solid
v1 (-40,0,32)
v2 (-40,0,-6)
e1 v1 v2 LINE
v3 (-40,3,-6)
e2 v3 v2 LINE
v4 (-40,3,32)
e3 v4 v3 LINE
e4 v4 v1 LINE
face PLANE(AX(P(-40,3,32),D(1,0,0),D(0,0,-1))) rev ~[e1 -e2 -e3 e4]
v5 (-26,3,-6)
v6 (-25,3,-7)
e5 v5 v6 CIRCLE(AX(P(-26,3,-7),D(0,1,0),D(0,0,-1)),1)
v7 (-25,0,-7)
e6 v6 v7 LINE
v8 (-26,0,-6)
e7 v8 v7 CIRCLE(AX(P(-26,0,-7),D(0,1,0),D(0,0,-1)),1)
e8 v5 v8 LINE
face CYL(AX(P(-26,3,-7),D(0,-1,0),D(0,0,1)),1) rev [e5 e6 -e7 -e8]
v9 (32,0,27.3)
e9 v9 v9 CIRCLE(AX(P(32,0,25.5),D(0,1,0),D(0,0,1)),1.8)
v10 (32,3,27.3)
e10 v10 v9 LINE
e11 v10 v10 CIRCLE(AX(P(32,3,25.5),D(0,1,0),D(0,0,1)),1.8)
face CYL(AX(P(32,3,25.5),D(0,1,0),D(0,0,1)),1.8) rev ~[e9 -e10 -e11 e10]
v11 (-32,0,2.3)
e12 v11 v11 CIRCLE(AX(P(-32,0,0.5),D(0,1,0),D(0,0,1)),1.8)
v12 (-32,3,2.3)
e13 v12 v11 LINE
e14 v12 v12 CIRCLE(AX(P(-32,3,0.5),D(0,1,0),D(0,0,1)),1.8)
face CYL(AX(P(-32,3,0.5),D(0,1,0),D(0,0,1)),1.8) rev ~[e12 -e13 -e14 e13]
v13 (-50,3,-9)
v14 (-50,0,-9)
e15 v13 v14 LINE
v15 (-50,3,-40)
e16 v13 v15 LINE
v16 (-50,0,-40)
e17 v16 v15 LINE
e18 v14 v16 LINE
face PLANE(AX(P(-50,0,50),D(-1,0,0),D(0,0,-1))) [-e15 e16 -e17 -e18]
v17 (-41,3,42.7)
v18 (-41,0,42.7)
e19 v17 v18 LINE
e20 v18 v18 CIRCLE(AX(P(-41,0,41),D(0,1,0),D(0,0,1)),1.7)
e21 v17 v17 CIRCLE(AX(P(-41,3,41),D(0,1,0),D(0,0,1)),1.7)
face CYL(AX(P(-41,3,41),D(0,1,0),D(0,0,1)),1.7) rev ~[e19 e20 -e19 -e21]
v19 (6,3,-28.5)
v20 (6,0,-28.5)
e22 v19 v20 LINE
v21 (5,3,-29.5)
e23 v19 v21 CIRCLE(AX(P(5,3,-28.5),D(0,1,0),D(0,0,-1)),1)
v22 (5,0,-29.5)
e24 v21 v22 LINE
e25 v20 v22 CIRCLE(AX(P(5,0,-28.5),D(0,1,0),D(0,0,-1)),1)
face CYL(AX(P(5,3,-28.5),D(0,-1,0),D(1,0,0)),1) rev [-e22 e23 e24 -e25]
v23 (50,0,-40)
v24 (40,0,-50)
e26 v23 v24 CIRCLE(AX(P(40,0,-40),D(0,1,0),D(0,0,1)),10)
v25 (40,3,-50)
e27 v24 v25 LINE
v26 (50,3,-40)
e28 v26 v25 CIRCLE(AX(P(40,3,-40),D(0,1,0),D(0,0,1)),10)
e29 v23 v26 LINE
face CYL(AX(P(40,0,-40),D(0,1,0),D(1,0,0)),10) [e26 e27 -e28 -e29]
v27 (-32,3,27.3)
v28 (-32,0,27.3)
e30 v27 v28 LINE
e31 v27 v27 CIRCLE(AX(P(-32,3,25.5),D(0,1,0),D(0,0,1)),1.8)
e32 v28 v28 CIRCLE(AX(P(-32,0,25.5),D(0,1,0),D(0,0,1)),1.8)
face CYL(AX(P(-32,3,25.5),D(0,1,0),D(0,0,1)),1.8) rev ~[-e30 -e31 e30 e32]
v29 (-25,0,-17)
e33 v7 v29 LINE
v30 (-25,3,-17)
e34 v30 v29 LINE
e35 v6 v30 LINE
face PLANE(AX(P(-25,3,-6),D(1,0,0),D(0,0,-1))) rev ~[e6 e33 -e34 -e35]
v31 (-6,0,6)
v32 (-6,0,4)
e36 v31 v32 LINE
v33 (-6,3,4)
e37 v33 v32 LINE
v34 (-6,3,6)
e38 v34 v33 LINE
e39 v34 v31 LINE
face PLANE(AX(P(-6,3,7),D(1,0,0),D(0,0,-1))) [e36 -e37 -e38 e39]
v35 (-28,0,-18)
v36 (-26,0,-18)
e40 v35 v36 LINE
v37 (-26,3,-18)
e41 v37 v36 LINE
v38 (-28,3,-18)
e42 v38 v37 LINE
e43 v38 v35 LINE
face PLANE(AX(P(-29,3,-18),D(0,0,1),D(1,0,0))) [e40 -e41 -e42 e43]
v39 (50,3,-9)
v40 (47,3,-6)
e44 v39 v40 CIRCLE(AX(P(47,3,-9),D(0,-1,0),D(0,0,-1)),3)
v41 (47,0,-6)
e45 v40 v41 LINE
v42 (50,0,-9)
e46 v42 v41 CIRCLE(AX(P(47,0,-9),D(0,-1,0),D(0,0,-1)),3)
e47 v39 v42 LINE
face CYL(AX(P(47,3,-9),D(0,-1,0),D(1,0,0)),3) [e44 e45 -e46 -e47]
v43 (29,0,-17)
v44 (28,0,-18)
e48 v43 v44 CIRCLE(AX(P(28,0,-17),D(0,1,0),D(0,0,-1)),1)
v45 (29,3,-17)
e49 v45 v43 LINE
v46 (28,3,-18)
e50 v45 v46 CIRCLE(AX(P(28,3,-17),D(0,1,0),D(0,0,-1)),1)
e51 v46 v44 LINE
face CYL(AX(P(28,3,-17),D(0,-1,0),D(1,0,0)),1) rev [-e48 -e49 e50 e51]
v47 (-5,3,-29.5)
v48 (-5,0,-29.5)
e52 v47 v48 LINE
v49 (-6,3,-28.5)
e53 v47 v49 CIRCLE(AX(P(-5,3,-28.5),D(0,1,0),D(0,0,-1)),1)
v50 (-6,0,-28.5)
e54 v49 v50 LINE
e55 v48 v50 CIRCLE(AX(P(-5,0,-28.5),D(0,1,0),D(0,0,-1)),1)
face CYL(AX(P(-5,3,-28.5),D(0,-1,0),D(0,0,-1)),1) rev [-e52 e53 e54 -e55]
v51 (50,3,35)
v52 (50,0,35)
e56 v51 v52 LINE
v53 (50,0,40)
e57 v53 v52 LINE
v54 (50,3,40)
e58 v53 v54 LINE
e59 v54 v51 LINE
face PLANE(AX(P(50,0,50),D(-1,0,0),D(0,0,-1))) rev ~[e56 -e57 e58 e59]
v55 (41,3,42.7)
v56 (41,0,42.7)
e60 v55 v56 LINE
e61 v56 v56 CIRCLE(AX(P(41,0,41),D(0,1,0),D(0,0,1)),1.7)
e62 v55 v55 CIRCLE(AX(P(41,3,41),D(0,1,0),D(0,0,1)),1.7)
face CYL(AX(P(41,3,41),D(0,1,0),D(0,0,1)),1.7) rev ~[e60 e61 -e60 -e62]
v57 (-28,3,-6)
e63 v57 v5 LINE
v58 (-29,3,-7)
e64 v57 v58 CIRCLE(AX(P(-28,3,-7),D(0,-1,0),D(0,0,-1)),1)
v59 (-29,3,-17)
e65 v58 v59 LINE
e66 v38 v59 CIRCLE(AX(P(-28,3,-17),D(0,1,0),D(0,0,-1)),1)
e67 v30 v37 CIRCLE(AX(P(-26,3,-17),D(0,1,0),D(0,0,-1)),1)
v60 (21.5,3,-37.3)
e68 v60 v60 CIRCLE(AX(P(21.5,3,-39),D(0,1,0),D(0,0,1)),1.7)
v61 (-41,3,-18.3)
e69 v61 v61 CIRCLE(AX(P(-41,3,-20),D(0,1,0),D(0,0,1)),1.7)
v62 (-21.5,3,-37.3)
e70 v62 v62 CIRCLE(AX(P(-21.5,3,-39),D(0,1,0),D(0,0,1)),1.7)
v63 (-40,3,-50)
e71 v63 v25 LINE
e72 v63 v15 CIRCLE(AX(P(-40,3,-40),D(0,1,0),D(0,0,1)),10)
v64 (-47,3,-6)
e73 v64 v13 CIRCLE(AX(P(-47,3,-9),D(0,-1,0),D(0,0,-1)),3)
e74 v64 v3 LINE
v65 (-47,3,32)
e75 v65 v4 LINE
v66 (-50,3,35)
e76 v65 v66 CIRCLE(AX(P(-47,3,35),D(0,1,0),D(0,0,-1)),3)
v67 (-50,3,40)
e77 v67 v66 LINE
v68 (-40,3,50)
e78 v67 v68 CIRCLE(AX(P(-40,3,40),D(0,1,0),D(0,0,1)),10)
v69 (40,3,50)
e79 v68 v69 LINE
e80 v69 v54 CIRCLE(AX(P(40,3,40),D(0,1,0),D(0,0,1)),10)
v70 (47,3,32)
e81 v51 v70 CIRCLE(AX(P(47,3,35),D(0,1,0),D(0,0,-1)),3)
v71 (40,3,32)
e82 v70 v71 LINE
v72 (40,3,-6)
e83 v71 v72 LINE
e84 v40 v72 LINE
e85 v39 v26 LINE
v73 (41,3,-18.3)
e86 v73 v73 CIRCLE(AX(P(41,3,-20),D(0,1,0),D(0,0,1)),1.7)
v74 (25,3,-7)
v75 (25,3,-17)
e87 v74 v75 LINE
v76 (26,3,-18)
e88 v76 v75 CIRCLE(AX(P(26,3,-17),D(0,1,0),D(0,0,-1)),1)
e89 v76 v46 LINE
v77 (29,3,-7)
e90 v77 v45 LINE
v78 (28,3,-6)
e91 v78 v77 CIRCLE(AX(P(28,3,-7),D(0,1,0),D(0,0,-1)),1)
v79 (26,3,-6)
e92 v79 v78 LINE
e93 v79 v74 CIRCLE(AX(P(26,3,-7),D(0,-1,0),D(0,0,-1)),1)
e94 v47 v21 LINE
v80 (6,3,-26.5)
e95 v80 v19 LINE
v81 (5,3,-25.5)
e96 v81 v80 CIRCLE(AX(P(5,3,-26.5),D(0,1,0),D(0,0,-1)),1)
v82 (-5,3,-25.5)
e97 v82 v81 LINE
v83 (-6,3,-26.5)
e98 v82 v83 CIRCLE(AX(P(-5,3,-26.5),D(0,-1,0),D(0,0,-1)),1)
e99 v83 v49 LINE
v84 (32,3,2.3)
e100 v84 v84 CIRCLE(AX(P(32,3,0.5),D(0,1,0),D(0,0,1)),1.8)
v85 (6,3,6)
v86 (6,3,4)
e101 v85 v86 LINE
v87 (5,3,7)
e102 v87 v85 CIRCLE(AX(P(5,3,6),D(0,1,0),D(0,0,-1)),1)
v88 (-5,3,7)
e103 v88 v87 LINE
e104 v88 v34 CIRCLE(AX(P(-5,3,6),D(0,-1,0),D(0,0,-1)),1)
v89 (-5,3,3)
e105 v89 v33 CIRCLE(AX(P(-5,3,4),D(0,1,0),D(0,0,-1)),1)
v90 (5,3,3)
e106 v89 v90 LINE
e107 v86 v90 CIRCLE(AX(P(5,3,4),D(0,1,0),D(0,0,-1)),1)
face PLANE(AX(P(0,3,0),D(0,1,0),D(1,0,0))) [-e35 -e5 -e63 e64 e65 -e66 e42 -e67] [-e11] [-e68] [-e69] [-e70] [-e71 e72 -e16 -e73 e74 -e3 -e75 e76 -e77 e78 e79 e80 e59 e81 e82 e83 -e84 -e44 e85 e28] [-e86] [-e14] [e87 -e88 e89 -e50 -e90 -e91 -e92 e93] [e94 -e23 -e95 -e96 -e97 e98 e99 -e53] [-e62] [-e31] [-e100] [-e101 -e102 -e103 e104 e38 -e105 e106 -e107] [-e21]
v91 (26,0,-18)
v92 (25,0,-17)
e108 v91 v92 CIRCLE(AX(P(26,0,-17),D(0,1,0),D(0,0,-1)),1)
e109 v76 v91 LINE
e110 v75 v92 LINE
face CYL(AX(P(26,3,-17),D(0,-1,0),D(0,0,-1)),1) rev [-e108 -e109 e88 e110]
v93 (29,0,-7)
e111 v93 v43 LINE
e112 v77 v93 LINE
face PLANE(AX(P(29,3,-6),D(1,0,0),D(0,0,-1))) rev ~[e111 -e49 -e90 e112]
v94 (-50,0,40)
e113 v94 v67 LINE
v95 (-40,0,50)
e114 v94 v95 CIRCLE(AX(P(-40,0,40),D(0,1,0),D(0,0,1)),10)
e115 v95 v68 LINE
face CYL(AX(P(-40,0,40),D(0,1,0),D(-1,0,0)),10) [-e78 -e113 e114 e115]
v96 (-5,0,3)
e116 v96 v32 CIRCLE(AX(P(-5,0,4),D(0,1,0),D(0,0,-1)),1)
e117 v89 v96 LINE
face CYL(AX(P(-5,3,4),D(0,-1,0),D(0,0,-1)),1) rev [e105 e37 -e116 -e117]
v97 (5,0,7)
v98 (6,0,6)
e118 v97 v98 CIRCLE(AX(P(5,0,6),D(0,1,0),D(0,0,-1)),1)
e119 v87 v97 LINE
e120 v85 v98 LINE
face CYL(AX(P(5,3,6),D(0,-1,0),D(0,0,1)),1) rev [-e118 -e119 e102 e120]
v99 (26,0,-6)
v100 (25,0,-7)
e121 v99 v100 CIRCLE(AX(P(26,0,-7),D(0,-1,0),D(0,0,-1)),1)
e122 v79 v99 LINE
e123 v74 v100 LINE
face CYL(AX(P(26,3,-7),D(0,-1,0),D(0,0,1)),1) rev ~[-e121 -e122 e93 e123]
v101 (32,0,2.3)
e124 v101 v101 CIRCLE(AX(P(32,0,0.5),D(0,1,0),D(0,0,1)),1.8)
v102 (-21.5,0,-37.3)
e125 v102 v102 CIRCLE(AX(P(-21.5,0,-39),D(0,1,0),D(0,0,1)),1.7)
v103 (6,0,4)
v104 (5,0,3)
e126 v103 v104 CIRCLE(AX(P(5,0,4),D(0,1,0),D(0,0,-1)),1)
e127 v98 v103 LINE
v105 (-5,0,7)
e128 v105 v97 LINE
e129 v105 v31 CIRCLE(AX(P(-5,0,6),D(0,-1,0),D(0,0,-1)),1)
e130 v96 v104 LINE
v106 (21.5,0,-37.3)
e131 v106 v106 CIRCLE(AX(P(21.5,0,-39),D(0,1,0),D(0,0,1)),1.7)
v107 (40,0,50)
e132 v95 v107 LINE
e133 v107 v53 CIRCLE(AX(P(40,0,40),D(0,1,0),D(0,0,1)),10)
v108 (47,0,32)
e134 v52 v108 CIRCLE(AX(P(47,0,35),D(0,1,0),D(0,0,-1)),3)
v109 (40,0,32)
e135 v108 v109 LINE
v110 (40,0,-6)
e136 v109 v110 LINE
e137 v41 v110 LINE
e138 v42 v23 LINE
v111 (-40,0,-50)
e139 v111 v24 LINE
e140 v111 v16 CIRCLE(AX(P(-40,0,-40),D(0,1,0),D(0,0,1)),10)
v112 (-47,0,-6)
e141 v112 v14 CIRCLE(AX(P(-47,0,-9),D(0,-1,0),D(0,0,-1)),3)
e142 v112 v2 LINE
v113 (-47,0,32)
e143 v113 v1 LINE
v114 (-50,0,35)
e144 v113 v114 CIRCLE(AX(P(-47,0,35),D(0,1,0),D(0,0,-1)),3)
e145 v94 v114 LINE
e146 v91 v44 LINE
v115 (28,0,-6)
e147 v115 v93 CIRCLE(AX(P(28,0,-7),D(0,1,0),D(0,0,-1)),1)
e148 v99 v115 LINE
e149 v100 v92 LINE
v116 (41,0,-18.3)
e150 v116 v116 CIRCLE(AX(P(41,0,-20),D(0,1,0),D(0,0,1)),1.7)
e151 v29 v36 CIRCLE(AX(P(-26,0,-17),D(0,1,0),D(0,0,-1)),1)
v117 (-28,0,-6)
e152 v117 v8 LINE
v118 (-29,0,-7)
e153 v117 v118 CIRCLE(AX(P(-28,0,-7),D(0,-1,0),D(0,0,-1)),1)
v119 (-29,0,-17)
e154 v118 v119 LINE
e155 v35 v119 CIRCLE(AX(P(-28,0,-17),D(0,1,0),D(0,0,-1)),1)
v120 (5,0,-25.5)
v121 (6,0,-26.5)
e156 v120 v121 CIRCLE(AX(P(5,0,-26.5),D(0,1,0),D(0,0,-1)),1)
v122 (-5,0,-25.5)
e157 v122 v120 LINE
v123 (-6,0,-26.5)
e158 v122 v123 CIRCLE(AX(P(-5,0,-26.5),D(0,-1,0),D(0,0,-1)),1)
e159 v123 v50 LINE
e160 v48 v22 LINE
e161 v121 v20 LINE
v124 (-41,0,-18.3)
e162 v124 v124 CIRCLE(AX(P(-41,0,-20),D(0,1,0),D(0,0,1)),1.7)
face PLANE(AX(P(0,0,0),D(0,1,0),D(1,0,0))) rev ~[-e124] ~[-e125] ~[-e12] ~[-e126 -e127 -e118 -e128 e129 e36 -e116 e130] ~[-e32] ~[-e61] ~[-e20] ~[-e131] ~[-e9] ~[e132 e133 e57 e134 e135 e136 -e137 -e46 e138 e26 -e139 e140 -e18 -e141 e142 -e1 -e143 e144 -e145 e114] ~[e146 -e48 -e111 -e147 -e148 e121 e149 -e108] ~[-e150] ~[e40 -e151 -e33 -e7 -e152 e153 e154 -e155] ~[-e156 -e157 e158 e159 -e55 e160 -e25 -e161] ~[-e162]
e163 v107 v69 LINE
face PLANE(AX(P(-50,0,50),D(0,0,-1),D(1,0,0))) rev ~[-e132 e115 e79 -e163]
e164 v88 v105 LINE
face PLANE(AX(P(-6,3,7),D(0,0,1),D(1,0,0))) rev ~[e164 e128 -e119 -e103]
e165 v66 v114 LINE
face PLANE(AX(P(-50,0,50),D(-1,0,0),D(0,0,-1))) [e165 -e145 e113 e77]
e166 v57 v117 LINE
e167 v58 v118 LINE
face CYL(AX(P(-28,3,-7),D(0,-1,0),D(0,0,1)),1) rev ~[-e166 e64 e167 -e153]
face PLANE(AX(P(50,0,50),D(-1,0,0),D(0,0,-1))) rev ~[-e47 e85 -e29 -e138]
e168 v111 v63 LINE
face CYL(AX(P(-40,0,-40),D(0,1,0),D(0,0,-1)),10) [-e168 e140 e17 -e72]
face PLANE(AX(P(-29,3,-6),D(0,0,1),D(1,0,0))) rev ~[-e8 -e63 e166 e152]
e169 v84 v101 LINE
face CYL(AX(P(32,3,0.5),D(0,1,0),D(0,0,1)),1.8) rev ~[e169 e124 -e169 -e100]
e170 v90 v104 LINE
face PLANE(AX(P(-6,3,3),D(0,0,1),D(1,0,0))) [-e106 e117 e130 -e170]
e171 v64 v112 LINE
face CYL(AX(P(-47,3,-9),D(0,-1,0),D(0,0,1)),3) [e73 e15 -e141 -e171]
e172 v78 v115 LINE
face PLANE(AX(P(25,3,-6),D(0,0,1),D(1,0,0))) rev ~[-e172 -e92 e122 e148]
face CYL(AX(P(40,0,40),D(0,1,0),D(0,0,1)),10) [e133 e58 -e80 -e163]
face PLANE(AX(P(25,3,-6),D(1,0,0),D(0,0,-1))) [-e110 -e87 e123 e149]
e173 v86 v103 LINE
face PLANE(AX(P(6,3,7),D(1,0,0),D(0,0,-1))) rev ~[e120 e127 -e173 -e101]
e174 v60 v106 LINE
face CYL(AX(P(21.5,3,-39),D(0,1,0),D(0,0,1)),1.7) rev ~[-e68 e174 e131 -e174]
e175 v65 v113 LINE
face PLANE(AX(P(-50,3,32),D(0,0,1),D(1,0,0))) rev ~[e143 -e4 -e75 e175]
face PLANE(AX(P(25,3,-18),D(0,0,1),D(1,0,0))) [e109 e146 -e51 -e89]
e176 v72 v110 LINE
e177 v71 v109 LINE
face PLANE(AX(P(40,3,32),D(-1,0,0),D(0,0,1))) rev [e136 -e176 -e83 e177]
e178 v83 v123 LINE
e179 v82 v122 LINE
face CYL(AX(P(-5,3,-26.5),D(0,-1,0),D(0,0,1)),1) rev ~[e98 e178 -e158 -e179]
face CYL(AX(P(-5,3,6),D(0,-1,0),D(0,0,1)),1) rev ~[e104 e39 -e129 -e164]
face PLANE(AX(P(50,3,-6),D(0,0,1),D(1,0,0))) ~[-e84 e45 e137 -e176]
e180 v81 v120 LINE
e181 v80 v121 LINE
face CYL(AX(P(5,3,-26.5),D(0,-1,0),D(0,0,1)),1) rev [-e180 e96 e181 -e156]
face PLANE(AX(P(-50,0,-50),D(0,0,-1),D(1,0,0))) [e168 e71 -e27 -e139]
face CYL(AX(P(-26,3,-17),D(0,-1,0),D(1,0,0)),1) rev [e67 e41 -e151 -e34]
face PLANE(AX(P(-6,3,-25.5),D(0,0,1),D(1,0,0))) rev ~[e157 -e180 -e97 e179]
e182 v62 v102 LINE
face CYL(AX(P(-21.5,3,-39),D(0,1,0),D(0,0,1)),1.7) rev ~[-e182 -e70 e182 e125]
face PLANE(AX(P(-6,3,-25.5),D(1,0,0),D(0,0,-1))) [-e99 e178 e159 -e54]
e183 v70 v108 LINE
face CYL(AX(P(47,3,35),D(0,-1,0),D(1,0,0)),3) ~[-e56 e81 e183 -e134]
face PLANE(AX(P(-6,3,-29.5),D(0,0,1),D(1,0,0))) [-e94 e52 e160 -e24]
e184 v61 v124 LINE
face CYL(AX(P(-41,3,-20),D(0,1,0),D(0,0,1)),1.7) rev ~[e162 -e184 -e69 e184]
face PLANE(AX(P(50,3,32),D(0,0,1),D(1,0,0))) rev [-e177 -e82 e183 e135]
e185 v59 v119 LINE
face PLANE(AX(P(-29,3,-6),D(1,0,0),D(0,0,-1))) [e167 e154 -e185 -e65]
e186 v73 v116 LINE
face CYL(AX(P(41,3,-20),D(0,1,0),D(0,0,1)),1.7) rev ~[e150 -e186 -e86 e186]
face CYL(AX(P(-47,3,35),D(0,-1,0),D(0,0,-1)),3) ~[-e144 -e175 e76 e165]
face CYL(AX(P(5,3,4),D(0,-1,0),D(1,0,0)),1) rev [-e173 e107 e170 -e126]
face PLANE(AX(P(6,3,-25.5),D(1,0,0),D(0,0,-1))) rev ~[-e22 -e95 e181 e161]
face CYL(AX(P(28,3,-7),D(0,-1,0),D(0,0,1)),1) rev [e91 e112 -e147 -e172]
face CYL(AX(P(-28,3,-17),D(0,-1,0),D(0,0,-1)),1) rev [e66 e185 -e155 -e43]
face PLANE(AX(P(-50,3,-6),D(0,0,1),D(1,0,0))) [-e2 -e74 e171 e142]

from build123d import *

# Parameters (mm, degrees)
SKETCH1_W           = 100
SKETCH1_H           = 100
BOSS_EXTRUDE1_DEPTH = 3
SKETCH4_R           = 1.7
CUT_EXTRUDE3_DEPTH  = 3
SKETCH2_W           = 10
SKETCH2_H           = 38
CUT_EXTRUDE4_DEPTH  = 3
SKETCH5_R           = 1.8
SKETCH5_R_2         = 1.7
SKETCH5_W           = 12
SKETCH5_H           = 4
SKETCH5_W_2         = 4
SKETCH5_H_2         = 12
CUT_EXTRUDE5_DEPTH  = 3
FILLET1_R           = 10
FILLET2_R           = 3
FILLET3_R           = 10
FILLET4_R           = 3
FILLET5_R           = 3
FILLET6_R           = 1


with BuildPart() as part:
    # Sketch1 → Boss-Extrude1 (new body)
    with BuildSketch(Plane(origin=(0, 0, 0), x_dir=(1, 0, 0), z_dir=(0, 1, 0))):
        Rectangle(SKETCH1_W, SKETCH1_H)
    extrude(amount=BOSS_EXTRUDE1_DEPTH)

    # Sketch4 → Cut-Extrude3 (cut)
    with BuildSketch(Plane(origin=(0, 3, 0), x_dir=(1, 0, 0), z_dir=(0, 1, 0))):
        with Locations(Location((-41, 20, 0), (0, 0, 270))):
            Circle(SKETCH4_R)
        with Locations(Location((-41, -41, 0), (0, 0, 270))):
            Circle(SKETCH4_R)
        with Locations(Location((41, -41, 0), (0, 0, 270))):
            Circle(SKETCH4_R)
        with Locations(Location((41, 20, 0), (0, 0, 270))):
            Circle(SKETCH4_R)
    extrude(amount=-CUT_EXTRUDE3_DEPTH, mode=Mode.SUBTRACT)

    # Sketch2 → Cut-Extrude4 (cut)
    with BuildSketch(Plane(origin=(0, 3, 0), x_dir=(1, 0, 0), z_dir=(0, 1, 0))):
        with Locations((-45, -13)):
            Rectangle(SKETCH2_W, SKETCH2_H)
    cut_extrude4 = extrude(amount=-CUT_EXTRUDE4_DEPTH, mode=Mode.SUBTRACT)

    # Mirror2: Cut-Extrude4 across plane
    add(cut_extrude4.mirror(Plane(origin=(0, 0, 0), x_dir=(0, 0, 1), z_dir=(1, 0, 0))), mode=Mode.SUBTRACT)

    # Sketch5 → Cut-Extrude5 (cut)
    with BuildSketch(Plane(origin=(0, 3, 0), x_dir=(1, 0, 0), z_dir=(0, 1, 0))):
        with Locations(Location((-32, -0.5, 0), (0, 0, 270))):
            Circle(SKETCH5_R)
        with Locations(Location((-32, -25.5, 0), (0, 0, 270))):
            Circle(SKETCH5_R)
        with Locations(Location((32, -25.5, 0), (0, 0, 270))):
            Circle(SKETCH5_R)
        with Locations(Location((32, -0.5, 0), (0, 0, 270))):
            Circle(SKETCH5_R)
        with Locations(Location((-21.5, 39, 0), (0, 0, 270))):
            Circle(SKETCH5_R_2)
        with Locations(Location((21.5, 39, 0), (0, 0, 270))):
            Circle(SKETCH5_R_2)
        with Locations((0, -5)):
            Rectangle(SKETCH5_W, SKETCH5_H)
        with Locations((0, 27.5)):
            Rectangle(SKETCH5_W, SKETCH5_H)
        with Locations((-27, 12)):
            Rectangle(SKETCH5_W_2, SKETCH5_H_2)
        with Locations((27, 12)):
            Rectangle(SKETCH5_W_2, SKETCH5_H_2)
    extrude(amount=-CUT_EXTRUDE5_DEPTH, mode=Mode.SUBTRACT)

    # Fillet1
    fillet1_edges = [part.edges().sort_by_distance(p)[0] for p in [
        (-50, 1.5, 50),
        (50, 1.5, 50),
    ]]
    fillet(fillet1_edges, radius=FILLET1_R)

    # Fillet2
    fillet2_edges = [part.edges().sort_by_distance(p)[0] for p in [
        (50, 1.5, -6),
        (50, 1.5, 32),
    ]]
    fillet(fillet2_edges, radius=FILLET2_R)

    # Fillet3
    fillet3_edges = [part.edges().sort_by_distance(p)[0] for p in [
        (-50, 1.5, -50),
        (50, 1.5, -50),
    ]]
    fillet(fillet3_edges, radius=FILLET3_R)

    # Fillet4
    fillet4_edges = [part.edges().sort_by_distance(p)[0] for p in [
        (-50, 1.5, 32),
    ]]
    fillet(fillet4_edges, radius=FILLET4_R)

    # Fillet5
    fillet5_edges = [part.edges().sort_by_distance(p)[0] for p in [
        (-50, 1.5, -6),
    ]]
    fillet(fillet5_edges, radius=FILLET5_R)

    # Fillet6
    fillet6_edges = [part.edges().sort_by_distance(p)[0] for p in [
        (-29, 1.5, -18),
        (-29, 1.5, -6),
        (-25, 1.5, -6),
        (-25, 1.5, -18),
        (25, 1.5, -18),
        (25, 1.5, -6),
        (29, 1.5, -6),
        (29, 1.5, -18),
        (-6, 1.5, 3),
        (-6, 1.5, 7),
        (6, 1.5, 7),
        (6, 1.5, 3),
        (-6, 1.5, -29.5),
        (-6, 1.5, -25.5),
        (6, 1.5, -25.5),
        (6, 1.5, -29.5),
    ]]
    fillet(fillet6_edges, radius=FILLET6_R)


solid = part.part
